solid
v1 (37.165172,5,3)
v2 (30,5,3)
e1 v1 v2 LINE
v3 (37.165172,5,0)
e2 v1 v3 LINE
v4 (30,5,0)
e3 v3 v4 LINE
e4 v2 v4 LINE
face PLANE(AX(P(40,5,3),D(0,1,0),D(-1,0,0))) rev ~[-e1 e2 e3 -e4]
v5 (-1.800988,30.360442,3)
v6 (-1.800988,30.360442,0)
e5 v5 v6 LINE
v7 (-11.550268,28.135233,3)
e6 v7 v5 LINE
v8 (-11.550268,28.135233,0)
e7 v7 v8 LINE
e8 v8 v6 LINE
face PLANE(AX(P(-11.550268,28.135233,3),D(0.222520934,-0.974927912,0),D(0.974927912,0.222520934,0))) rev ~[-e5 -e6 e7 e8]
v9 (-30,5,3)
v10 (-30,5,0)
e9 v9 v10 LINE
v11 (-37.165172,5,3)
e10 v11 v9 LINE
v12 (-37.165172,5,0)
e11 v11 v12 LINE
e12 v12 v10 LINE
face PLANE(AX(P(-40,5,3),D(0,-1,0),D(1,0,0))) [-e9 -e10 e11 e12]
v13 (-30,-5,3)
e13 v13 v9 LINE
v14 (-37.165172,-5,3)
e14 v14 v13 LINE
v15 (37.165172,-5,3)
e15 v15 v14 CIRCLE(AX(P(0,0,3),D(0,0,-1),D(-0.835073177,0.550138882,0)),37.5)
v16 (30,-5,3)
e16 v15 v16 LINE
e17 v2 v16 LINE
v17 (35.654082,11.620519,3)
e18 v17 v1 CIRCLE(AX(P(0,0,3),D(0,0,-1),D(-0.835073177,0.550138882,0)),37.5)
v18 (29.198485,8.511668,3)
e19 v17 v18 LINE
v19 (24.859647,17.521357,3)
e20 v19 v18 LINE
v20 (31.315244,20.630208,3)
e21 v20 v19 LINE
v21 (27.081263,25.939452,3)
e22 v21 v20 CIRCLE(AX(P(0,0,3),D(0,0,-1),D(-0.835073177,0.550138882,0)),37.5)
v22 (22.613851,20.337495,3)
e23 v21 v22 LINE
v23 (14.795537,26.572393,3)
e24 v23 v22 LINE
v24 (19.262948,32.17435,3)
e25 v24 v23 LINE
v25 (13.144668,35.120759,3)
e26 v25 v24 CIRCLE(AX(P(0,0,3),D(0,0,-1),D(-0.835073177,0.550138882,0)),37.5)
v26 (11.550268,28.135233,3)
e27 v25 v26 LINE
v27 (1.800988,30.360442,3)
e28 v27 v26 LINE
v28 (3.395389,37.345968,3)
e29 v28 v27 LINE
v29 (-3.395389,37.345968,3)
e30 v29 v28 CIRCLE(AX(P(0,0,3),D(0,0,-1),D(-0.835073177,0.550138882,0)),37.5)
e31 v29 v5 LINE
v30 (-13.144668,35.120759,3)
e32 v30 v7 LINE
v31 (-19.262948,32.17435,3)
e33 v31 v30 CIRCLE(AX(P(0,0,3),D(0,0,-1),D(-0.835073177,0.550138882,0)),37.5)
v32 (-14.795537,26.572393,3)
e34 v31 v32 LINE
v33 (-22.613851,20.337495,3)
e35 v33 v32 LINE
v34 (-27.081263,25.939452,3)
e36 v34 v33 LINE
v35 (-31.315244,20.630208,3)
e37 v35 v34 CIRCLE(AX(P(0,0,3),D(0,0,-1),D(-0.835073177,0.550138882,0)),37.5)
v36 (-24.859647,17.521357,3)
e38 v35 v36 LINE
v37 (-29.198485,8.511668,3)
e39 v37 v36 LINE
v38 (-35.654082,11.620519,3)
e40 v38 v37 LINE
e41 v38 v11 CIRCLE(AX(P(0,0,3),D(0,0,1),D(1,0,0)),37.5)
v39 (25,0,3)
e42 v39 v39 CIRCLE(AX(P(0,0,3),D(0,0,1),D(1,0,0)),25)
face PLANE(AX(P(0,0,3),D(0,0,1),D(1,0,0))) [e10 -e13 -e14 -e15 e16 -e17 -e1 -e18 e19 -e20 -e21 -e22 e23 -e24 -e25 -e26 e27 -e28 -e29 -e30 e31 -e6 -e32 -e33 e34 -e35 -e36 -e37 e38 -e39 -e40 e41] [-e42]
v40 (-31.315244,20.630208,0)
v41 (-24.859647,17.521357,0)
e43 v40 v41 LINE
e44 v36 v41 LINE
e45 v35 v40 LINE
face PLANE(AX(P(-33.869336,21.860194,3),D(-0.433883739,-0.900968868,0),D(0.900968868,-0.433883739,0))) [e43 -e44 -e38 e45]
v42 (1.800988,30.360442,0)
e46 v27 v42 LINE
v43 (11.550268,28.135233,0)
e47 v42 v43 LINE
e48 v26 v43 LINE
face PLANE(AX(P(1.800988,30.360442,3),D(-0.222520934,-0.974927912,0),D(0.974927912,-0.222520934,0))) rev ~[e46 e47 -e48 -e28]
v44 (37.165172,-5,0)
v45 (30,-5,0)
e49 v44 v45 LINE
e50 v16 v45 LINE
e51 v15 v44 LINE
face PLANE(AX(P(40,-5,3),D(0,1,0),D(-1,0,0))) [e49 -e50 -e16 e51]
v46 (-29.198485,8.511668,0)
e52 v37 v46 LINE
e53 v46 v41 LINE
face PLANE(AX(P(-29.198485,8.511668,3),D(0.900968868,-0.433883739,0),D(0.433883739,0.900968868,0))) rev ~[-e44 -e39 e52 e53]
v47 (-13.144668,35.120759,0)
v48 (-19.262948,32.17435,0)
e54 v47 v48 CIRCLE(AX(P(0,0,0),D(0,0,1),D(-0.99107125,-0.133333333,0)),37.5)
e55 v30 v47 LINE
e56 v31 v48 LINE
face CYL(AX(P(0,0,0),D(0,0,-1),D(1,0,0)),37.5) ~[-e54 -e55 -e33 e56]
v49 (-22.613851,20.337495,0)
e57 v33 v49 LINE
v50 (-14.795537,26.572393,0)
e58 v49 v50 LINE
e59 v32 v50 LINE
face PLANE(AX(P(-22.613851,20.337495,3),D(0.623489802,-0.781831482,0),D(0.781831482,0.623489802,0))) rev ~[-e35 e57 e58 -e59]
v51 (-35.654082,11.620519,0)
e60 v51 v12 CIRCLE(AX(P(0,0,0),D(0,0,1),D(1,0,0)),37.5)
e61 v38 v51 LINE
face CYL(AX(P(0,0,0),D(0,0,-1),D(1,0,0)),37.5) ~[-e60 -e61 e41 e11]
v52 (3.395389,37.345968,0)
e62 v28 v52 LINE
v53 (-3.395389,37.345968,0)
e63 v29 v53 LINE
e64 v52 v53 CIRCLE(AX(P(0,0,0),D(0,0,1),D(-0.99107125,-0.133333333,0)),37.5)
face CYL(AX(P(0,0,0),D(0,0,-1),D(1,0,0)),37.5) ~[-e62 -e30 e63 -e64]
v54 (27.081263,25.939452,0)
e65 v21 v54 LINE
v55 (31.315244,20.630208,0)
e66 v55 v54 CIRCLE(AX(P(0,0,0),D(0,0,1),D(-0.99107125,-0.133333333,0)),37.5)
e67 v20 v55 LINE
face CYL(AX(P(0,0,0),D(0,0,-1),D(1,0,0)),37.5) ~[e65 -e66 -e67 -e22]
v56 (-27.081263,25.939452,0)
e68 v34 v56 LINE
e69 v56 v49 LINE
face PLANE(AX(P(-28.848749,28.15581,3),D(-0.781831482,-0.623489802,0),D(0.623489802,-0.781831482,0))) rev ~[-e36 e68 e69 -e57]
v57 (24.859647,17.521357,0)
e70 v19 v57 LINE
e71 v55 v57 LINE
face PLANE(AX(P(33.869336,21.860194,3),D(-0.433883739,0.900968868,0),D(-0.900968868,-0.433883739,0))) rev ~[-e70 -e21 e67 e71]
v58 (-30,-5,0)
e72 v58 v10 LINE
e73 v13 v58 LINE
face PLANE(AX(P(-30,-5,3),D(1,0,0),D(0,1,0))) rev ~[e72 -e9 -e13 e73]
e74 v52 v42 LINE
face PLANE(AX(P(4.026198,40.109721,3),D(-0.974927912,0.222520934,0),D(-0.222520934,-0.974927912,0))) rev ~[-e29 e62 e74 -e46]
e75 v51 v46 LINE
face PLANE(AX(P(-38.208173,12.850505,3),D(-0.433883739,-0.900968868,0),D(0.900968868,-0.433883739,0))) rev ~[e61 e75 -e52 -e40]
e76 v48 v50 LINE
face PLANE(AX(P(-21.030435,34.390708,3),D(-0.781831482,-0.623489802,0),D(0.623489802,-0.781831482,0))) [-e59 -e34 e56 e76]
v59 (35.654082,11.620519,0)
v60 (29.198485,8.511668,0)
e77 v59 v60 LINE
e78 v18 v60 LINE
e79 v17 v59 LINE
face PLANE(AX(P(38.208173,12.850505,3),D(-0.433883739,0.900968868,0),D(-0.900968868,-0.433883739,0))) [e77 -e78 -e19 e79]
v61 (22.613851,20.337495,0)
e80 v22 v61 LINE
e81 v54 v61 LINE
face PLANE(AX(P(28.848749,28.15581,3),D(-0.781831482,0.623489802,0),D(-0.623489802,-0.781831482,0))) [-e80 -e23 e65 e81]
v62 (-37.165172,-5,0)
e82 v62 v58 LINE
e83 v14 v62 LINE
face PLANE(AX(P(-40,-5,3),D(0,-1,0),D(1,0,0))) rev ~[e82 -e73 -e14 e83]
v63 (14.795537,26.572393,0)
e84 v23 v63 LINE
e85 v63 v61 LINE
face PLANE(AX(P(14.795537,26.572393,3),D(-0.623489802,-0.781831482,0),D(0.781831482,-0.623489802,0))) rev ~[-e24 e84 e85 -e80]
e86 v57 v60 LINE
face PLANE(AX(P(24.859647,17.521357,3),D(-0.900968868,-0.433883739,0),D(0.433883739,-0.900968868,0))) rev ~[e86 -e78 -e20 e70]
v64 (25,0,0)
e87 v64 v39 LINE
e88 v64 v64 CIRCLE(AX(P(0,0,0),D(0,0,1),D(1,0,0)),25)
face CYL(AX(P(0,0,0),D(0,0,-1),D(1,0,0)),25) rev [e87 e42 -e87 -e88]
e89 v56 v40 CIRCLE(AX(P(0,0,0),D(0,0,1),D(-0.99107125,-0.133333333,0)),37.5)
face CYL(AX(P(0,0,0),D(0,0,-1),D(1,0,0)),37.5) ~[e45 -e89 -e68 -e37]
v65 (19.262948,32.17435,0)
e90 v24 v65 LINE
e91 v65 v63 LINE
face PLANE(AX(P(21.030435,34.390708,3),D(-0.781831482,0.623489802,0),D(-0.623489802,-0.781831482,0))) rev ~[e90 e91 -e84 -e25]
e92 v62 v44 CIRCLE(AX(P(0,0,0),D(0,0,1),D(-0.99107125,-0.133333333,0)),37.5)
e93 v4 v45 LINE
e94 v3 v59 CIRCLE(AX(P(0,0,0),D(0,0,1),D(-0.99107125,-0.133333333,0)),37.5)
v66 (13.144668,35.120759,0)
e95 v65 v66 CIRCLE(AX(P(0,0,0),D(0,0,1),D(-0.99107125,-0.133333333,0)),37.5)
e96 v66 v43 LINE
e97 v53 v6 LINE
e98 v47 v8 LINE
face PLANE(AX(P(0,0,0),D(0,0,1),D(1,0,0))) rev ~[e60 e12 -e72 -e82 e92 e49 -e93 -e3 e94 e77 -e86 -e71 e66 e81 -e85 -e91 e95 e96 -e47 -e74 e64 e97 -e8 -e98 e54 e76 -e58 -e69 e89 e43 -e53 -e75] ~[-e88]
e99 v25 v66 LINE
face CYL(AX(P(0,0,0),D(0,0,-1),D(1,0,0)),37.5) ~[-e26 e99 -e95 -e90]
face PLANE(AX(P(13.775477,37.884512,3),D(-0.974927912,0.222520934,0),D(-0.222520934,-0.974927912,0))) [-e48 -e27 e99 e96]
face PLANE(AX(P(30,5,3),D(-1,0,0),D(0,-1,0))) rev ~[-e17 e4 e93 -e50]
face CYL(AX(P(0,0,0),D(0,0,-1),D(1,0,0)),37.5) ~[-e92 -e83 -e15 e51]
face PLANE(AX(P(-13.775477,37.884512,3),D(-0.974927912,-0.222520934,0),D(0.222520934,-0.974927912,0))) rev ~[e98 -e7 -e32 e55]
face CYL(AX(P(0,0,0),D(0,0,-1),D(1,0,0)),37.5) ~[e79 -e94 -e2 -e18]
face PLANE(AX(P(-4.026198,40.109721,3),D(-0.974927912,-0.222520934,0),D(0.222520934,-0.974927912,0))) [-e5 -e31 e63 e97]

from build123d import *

# Parameters (mm, degrees)
SKETCH_R           = 37.5
SKETCH_R_2         = 25
PAD_DEPTH          = 3
SKETCH001_W        = 10
SKETCH001_H        = 10
POCKET_DEPTH       = 215.21787
POLARPATTERN_COUNT = 8
POLARPATTERN_ANGLE = 180


with BuildPart() as part:
    # Sketch → Pad (new body)
    with BuildSketch(Plane.XY):
        Circle(SKETCH_R)
        Circle(SKETCH_R_2, mode=Mode.SUBTRACT)
    extrude(amount=PAD_DEPTH)

    # Sketch001 (on Face4 of Pad) → Pocket (cut, through all)
    with BuildSketch(Plane.XY.offset(3)):
        with Locations((-35, 0)):
            Rectangle(SKETCH001_W, SKETCH001_H)
    pocket = extrude(amount=-POCKET_DEPTH, mode=Mode.SUBTRACT)

    # PolarPattern: Pocket ×8 about axis
    polarpattern_axis = Axis((0, 0, 3), (0, 0, -1))
    for i in range(1, POLARPATTERN_COUNT):
        add(pocket.rotate(polarpattern_axis, i * POLARPATTERN_ANGLE / (POLARPATTERN_COUNT - 1)), mode=Mode.SUBTRACT)


solid = part.part
